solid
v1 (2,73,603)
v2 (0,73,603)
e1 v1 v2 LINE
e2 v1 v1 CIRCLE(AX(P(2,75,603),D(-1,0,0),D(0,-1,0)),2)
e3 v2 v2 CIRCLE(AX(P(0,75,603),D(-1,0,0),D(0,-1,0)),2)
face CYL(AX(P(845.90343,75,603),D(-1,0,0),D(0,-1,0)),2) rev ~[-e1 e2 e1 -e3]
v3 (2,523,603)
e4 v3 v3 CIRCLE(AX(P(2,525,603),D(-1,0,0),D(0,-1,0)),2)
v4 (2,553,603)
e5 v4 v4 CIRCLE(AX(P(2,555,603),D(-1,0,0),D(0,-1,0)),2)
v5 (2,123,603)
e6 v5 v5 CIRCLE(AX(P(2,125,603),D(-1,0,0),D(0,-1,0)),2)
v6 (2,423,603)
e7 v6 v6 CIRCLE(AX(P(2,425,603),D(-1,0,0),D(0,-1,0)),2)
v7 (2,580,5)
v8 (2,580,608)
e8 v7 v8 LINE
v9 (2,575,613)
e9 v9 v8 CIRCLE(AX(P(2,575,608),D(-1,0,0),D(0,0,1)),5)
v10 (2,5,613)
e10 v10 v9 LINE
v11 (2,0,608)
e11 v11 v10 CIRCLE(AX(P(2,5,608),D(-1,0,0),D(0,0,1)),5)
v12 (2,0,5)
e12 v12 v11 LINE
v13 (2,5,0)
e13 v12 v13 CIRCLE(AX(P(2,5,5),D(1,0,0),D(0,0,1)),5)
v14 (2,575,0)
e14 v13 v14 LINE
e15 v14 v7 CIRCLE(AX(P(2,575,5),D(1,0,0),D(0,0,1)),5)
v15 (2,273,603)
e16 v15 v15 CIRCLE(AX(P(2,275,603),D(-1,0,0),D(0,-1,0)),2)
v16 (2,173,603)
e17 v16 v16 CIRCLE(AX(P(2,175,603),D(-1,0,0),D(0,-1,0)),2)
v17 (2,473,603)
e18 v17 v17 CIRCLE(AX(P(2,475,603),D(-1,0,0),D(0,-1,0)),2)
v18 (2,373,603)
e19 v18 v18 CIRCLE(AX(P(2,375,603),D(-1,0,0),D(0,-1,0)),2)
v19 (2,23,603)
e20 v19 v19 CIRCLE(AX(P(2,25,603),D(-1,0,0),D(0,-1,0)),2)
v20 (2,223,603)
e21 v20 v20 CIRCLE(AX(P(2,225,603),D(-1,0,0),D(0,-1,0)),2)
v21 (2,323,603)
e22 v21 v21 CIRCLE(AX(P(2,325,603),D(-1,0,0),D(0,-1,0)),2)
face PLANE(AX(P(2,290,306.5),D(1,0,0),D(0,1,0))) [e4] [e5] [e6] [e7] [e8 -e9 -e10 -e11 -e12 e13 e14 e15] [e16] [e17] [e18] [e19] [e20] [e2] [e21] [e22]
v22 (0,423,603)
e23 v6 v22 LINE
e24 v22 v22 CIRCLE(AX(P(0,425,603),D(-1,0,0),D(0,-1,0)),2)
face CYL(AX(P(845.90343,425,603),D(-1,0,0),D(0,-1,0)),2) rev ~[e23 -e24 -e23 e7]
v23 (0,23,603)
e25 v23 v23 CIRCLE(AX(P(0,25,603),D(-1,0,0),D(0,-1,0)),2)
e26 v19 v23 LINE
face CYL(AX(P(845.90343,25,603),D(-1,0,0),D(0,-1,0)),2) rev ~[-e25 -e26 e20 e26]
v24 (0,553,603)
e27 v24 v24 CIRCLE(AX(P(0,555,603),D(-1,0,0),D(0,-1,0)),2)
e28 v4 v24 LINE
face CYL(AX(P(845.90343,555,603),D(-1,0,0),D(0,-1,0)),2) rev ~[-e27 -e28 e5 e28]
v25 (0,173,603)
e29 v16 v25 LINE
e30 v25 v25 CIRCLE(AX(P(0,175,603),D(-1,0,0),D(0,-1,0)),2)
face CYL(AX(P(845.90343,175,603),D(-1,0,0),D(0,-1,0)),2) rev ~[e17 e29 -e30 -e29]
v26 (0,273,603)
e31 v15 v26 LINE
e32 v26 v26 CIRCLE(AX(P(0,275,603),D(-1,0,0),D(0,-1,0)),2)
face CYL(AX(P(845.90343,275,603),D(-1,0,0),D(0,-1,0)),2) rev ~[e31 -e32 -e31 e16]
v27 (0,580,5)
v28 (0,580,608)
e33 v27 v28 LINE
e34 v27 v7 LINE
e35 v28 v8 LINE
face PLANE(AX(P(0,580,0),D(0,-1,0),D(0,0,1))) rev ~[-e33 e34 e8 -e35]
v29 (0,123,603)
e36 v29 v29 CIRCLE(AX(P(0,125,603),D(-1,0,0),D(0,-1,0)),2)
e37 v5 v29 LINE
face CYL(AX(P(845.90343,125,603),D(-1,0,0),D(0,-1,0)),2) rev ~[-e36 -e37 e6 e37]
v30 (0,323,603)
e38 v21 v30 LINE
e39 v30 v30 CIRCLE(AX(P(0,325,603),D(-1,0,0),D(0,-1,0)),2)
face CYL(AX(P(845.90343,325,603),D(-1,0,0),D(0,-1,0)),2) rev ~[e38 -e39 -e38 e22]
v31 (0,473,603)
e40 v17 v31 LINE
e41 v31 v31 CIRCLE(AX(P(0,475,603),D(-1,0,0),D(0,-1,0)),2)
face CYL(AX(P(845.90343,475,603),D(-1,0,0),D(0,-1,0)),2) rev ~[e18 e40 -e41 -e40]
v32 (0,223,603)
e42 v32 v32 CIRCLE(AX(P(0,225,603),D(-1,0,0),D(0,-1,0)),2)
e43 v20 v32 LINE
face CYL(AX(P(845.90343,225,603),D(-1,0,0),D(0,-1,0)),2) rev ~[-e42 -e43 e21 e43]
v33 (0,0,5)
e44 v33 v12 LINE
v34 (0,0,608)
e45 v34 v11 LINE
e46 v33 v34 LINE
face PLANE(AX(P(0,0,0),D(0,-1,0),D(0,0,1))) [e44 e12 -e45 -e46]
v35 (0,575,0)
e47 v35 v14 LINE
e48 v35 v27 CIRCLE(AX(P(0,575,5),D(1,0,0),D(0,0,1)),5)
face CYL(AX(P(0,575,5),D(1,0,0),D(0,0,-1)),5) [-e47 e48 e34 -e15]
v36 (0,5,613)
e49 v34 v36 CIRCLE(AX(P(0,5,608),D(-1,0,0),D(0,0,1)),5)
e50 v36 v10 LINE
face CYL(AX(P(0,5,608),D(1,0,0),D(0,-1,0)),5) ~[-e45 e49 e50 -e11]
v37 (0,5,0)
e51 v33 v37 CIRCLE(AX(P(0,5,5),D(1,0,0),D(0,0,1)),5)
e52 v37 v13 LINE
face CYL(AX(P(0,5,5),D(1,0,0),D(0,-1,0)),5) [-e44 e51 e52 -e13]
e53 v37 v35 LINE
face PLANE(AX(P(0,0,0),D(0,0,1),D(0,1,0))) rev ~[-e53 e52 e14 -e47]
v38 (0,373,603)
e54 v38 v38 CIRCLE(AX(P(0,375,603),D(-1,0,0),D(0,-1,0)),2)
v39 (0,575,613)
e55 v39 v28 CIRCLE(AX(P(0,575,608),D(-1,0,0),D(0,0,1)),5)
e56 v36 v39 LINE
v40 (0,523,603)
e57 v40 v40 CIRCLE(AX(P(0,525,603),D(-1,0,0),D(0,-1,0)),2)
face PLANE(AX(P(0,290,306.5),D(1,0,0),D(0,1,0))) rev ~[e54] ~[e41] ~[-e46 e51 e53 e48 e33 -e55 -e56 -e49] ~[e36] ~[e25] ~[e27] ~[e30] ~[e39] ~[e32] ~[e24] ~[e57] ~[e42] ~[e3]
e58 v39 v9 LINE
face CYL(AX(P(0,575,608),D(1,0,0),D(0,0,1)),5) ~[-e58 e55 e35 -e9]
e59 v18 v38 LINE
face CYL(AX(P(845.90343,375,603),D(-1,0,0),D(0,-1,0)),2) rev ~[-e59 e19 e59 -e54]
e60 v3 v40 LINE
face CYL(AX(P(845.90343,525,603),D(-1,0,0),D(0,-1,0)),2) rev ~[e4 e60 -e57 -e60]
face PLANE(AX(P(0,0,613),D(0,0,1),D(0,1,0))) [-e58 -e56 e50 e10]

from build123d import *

# Parameters (mm, degrees)
F0_W     = 580
F0_H     = 613
F1_DEPTH = 2
F3_D     = 4
F4_R     = 5


with BuildPart() as f1:
    # F0 (on Right) → F1 (new body)
    with BuildSketch(Plane.YZ):
        with Locations((290, 306.5)):
            Rectangle(F0_W, F0_H)
    extrude(amount=F1_DEPTH)

    # F3 (through all)
    with Locations(Plane.YZ.offset(2)):
        with Locations((25, 603), (75, 603), (125, 603), (175, 603), (225, 603), (325, 603), (275, 603), (375, 603), (425, 603), (475, 603), (525, 603), (555, 603)):
            Hole(F3_D / 2)

    # F4
    f4_edges = [f1.edges().sort_by_distance(p)[0] for p in [
        (1, 0, 613),
        (1, 580, 613),
        (1, 0, 0),
        (1, 580, 0),
    ]]
    fillet(f4_edges, radius=F4_R)


solid = f1.part
